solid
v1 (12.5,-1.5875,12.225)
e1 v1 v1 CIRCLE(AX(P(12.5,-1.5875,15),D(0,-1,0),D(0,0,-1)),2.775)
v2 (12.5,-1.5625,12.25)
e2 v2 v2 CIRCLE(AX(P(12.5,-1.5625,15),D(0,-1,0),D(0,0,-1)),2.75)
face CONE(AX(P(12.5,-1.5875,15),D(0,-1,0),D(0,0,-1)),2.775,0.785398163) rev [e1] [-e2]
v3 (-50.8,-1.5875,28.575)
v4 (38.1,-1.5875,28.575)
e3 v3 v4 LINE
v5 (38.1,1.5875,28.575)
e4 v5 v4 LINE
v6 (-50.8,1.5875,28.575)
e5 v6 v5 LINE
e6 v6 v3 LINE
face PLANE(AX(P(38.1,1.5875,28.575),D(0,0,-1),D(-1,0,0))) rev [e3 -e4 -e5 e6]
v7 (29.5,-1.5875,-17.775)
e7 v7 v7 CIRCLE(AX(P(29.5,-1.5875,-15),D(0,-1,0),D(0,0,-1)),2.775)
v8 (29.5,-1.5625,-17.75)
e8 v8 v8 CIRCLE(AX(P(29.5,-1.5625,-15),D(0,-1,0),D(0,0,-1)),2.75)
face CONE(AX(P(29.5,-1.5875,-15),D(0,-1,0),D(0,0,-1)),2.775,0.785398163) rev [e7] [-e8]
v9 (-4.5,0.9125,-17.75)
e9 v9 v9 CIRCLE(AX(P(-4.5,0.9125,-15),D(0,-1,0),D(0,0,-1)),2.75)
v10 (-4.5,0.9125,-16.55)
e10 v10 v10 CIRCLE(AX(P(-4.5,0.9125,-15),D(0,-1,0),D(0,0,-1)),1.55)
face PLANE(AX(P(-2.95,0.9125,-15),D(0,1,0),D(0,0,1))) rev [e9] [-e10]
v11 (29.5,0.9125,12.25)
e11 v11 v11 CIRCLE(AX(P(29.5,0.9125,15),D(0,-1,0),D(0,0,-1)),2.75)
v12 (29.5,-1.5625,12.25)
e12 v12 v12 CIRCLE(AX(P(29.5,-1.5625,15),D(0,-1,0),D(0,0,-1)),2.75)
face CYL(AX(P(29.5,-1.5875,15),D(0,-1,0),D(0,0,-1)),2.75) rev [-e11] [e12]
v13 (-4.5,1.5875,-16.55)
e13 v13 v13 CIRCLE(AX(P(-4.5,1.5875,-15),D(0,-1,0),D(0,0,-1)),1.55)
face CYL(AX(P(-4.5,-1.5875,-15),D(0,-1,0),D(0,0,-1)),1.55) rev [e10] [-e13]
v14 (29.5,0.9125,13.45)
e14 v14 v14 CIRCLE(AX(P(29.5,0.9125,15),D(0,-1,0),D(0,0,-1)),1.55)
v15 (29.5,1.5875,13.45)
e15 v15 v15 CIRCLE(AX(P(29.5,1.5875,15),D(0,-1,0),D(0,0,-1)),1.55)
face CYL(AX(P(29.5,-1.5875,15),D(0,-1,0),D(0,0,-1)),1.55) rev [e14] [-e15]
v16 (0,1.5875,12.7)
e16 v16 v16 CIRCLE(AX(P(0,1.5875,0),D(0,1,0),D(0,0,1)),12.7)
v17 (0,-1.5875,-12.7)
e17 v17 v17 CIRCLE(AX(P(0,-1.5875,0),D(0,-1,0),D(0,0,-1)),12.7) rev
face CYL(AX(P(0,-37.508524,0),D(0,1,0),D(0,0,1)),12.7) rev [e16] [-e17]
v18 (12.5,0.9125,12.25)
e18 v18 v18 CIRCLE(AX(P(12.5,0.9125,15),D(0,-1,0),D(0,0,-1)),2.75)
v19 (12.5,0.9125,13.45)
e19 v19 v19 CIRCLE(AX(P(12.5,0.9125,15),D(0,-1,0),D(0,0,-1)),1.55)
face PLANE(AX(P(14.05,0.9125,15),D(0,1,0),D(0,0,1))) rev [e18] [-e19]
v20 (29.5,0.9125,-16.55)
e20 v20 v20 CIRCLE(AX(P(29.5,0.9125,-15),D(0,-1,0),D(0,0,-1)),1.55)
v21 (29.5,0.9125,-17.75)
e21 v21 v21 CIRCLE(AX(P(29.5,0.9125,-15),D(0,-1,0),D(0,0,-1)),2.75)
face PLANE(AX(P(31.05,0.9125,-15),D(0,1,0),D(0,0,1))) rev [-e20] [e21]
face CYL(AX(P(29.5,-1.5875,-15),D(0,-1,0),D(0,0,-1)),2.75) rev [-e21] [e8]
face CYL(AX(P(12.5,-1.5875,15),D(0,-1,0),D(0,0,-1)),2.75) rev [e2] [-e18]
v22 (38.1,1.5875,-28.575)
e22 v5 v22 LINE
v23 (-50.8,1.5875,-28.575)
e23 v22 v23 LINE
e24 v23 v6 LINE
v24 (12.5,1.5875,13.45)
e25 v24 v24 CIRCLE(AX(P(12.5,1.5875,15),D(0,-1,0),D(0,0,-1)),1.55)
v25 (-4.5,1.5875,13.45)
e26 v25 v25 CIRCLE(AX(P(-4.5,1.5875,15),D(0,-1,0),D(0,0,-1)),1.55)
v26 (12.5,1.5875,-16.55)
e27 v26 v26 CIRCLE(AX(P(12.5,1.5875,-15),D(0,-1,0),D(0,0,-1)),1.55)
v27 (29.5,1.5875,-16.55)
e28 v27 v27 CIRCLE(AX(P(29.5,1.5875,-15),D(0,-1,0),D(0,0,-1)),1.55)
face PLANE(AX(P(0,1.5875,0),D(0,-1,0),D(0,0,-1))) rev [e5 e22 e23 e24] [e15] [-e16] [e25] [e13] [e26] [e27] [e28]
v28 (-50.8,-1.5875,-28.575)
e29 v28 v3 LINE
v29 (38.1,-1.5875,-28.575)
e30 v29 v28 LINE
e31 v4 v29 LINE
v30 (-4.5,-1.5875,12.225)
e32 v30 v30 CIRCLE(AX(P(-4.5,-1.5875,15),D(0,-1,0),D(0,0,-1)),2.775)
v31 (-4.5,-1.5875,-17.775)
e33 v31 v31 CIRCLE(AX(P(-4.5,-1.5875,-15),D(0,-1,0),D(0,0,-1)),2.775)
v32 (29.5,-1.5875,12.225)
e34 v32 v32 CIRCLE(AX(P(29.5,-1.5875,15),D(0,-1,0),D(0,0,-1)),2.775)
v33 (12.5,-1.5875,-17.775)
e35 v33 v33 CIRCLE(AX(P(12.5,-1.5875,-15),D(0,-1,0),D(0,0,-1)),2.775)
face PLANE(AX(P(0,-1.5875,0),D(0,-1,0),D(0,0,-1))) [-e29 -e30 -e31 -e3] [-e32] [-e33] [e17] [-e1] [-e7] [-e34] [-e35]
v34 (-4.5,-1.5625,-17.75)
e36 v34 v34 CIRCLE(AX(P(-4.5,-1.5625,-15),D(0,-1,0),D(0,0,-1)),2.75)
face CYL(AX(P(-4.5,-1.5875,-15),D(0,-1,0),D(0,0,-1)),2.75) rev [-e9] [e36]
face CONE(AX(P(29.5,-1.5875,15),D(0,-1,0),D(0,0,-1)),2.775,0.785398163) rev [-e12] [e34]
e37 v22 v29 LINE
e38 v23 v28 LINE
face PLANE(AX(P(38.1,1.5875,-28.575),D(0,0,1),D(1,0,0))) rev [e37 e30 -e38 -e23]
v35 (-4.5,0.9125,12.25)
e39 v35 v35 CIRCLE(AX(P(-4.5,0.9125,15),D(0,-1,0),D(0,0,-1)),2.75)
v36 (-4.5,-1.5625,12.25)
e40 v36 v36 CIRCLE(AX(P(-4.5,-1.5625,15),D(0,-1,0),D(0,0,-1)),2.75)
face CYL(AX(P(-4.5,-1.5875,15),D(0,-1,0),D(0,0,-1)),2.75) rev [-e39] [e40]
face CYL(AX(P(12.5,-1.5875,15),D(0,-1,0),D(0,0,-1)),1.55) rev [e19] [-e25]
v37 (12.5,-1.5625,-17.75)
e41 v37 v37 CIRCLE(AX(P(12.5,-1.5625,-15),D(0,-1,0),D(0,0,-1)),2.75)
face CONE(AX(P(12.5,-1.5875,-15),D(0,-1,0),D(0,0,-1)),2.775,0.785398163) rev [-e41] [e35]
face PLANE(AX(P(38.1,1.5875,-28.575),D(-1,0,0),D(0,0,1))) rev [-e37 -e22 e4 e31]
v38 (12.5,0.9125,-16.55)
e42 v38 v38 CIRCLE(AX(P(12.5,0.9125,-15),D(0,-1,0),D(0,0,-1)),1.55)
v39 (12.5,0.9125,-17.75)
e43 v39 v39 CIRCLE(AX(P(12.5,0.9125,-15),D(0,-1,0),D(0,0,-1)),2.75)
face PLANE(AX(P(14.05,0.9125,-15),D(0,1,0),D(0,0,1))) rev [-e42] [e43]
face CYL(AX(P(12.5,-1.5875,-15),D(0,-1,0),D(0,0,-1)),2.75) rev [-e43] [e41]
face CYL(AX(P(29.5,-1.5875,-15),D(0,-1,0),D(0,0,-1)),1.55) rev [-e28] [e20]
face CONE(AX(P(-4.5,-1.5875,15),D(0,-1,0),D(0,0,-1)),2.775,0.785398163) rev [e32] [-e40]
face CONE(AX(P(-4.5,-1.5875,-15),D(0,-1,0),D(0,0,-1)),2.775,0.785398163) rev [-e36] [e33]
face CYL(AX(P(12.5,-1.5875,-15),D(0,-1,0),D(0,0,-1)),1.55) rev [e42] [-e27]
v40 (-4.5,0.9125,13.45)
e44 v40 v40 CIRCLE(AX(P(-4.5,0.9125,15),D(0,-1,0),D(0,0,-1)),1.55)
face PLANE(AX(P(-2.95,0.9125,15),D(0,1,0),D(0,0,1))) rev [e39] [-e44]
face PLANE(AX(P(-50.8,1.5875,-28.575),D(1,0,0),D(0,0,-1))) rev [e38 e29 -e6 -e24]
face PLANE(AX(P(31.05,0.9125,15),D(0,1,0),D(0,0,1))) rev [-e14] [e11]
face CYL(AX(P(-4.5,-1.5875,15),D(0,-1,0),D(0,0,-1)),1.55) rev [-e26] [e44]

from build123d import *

# Parameters (mm, degrees)
SKETCH1_W                       = 88.9
SKETCH1_H                       = 57.15
BOSS_EXTRUDE1_DEPTH             = 1.5875
SKETCH2_R                       = 12.7
CUT_EXTRUDE1_DEPTH              = 3.175
CBORE_FOR_M2_5_SHCS1_AT_2_COUNT = 2
CBORE_FOR_M2_5_SHCS1_AT_2_PITCH = 17
CBORE_FOR_M2_5_SHCS1_AT_3_COUNT = 2
CBORE_FOR_M2_5_SHCS1_AT_3_PITCH = 34
CBORE_FOR_M2_5_SHCS1_AT_4_COUNT = 2
CBORE_FOR_M2_5_SHCS1_AT_4_PITCH = 30
CBORE_FOR_M2_5_SHCS1_AT_5_COUNT = 2
CBORE_FOR_M2_5_SHCS1_AT_5_PITCH = 34.481879299
CBORE_FOR_M2_5_SHCS1_AT_6_COUNT = 2
CBORE_FOR_M2_5_SHCS1_AT_6_PITCH = 45.343136195


with BuildPart() as part:
    # Sketch1 → Boss-Extrude1 (new, symmetric)
    with BuildSketch(Plane(origin=(0, 0, 0), x_dir=(1, 0, 0), z_dir=(0, 1, 0))):
        with Locations((-6.35, 0)):
            Rectangle(SKETCH1_W, SKETCH1_H)
    extrude(amount=BOSS_EXTRUDE1_DEPTH, both=True)

    # Sketch2 → Cut-Extrude1 (cut)
    with BuildSketch(Plane(origin=(0, 1.5875, 0), x_dir=(1, 0, 0), z_dir=(0, 1, 0))):
        with Locations(Location((0, 0, 0), (0, 0, 270))):
            Circle(SKETCH2_R)
    extrude(amount=-CUT_EXTRUDE1_DEPTH, mode=Mode.SUBTRACT)

    # Sketch10 → CBORE for M2.5 SHCS1 (revolve, cut)
    with BuildSketch(Plane(origin=(29.5, -1.5875, -15), x_dir=(0, 0, -1), z_dir=(1, 0, 0))):
        Polygon((0, 0), (0, 153.331333959), (1.55, 152.4), (1.55, 2.5), (2.75, 2.5), (2.75, 0.025), (2.775, 0), align=None)
    cbore_for_m2_5_shcs1 = revolve(axis=Axis((29.5, -7.9375, -15), (0, 1, 0)), mode=Mode.SUBTRACT)

    # CBORE for M2.5 SHCS1 at 2: CBORE for M2.5 SHCS1 ×2
    with Locations(*[(-i * CBORE_FOR_M2_5_SHCS1_AT_2_PITCH, 0, 0) for i in range(1, CBORE_FOR_M2_5_SHCS1_AT_2_COUNT)]):
        add(cbore_for_m2_5_shcs1, mode=Mode.SUBTRACT)

    # CBORE for M2.5 SHCS1 at 3: CBORE for M2.5 SHCS1 ×2
    with Locations(*[(-i * CBORE_FOR_M2_5_SHCS1_AT_3_PITCH, 0, 0) for i in range(1, CBORE_FOR_M2_5_SHCS1_AT_3_COUNT)]):
        add(cbore_for_m2_5_shcs1, mode=Mode.SUBTRACT)

    # CBORE for M2.5 SHCS1 at 4: CBORE for M2.5 SHCS1 ×2
    with Locations(*[(0, 0, i * CBORE_FOR_M2_5_SHCS1_AT_4_PITCH) for i in range(1, CBORE_FOR_M2_5_SHCS1_AT_4_COUNT)]):
        add(cbore_for_m2_5_shcs1, mode=Mode.SUBTRACT)

    # CBORE for M2.5 SHCS1 at 5: CBORE for M2.5 SHCS1 ×2
    with Locations(*[Vector(-0.49301257198088044, 0, 0.8700221858486122) * (i * CBORE_FOR_M2_5_SHCS1_AT_5_PITCH) for i in range(1, CBORE_FOR_M2_5_SHCS1_AT_5_COUNT)]):
        add(cbore_for_m2_5_shcs1, mode=Mode.SUBTRACT)

    # CBORE for M2.5 SHCS1 at 6: CBORE for M2.5 SHCS1 ×2
    with Locations(*[Vector(-0.7498378553650926, 0, 0.6616216370868463) * (i * CBORE_FOR_M2_5_SHCS1_AT_6_PITCH) for i in range(1, CBORE_FOR_M2_5_SHCS1_AT_6_COUNT)]):
        add(cbore_for_m2_5_shcs1, mode=Mode.SUBTRACT)


solid = part.part
